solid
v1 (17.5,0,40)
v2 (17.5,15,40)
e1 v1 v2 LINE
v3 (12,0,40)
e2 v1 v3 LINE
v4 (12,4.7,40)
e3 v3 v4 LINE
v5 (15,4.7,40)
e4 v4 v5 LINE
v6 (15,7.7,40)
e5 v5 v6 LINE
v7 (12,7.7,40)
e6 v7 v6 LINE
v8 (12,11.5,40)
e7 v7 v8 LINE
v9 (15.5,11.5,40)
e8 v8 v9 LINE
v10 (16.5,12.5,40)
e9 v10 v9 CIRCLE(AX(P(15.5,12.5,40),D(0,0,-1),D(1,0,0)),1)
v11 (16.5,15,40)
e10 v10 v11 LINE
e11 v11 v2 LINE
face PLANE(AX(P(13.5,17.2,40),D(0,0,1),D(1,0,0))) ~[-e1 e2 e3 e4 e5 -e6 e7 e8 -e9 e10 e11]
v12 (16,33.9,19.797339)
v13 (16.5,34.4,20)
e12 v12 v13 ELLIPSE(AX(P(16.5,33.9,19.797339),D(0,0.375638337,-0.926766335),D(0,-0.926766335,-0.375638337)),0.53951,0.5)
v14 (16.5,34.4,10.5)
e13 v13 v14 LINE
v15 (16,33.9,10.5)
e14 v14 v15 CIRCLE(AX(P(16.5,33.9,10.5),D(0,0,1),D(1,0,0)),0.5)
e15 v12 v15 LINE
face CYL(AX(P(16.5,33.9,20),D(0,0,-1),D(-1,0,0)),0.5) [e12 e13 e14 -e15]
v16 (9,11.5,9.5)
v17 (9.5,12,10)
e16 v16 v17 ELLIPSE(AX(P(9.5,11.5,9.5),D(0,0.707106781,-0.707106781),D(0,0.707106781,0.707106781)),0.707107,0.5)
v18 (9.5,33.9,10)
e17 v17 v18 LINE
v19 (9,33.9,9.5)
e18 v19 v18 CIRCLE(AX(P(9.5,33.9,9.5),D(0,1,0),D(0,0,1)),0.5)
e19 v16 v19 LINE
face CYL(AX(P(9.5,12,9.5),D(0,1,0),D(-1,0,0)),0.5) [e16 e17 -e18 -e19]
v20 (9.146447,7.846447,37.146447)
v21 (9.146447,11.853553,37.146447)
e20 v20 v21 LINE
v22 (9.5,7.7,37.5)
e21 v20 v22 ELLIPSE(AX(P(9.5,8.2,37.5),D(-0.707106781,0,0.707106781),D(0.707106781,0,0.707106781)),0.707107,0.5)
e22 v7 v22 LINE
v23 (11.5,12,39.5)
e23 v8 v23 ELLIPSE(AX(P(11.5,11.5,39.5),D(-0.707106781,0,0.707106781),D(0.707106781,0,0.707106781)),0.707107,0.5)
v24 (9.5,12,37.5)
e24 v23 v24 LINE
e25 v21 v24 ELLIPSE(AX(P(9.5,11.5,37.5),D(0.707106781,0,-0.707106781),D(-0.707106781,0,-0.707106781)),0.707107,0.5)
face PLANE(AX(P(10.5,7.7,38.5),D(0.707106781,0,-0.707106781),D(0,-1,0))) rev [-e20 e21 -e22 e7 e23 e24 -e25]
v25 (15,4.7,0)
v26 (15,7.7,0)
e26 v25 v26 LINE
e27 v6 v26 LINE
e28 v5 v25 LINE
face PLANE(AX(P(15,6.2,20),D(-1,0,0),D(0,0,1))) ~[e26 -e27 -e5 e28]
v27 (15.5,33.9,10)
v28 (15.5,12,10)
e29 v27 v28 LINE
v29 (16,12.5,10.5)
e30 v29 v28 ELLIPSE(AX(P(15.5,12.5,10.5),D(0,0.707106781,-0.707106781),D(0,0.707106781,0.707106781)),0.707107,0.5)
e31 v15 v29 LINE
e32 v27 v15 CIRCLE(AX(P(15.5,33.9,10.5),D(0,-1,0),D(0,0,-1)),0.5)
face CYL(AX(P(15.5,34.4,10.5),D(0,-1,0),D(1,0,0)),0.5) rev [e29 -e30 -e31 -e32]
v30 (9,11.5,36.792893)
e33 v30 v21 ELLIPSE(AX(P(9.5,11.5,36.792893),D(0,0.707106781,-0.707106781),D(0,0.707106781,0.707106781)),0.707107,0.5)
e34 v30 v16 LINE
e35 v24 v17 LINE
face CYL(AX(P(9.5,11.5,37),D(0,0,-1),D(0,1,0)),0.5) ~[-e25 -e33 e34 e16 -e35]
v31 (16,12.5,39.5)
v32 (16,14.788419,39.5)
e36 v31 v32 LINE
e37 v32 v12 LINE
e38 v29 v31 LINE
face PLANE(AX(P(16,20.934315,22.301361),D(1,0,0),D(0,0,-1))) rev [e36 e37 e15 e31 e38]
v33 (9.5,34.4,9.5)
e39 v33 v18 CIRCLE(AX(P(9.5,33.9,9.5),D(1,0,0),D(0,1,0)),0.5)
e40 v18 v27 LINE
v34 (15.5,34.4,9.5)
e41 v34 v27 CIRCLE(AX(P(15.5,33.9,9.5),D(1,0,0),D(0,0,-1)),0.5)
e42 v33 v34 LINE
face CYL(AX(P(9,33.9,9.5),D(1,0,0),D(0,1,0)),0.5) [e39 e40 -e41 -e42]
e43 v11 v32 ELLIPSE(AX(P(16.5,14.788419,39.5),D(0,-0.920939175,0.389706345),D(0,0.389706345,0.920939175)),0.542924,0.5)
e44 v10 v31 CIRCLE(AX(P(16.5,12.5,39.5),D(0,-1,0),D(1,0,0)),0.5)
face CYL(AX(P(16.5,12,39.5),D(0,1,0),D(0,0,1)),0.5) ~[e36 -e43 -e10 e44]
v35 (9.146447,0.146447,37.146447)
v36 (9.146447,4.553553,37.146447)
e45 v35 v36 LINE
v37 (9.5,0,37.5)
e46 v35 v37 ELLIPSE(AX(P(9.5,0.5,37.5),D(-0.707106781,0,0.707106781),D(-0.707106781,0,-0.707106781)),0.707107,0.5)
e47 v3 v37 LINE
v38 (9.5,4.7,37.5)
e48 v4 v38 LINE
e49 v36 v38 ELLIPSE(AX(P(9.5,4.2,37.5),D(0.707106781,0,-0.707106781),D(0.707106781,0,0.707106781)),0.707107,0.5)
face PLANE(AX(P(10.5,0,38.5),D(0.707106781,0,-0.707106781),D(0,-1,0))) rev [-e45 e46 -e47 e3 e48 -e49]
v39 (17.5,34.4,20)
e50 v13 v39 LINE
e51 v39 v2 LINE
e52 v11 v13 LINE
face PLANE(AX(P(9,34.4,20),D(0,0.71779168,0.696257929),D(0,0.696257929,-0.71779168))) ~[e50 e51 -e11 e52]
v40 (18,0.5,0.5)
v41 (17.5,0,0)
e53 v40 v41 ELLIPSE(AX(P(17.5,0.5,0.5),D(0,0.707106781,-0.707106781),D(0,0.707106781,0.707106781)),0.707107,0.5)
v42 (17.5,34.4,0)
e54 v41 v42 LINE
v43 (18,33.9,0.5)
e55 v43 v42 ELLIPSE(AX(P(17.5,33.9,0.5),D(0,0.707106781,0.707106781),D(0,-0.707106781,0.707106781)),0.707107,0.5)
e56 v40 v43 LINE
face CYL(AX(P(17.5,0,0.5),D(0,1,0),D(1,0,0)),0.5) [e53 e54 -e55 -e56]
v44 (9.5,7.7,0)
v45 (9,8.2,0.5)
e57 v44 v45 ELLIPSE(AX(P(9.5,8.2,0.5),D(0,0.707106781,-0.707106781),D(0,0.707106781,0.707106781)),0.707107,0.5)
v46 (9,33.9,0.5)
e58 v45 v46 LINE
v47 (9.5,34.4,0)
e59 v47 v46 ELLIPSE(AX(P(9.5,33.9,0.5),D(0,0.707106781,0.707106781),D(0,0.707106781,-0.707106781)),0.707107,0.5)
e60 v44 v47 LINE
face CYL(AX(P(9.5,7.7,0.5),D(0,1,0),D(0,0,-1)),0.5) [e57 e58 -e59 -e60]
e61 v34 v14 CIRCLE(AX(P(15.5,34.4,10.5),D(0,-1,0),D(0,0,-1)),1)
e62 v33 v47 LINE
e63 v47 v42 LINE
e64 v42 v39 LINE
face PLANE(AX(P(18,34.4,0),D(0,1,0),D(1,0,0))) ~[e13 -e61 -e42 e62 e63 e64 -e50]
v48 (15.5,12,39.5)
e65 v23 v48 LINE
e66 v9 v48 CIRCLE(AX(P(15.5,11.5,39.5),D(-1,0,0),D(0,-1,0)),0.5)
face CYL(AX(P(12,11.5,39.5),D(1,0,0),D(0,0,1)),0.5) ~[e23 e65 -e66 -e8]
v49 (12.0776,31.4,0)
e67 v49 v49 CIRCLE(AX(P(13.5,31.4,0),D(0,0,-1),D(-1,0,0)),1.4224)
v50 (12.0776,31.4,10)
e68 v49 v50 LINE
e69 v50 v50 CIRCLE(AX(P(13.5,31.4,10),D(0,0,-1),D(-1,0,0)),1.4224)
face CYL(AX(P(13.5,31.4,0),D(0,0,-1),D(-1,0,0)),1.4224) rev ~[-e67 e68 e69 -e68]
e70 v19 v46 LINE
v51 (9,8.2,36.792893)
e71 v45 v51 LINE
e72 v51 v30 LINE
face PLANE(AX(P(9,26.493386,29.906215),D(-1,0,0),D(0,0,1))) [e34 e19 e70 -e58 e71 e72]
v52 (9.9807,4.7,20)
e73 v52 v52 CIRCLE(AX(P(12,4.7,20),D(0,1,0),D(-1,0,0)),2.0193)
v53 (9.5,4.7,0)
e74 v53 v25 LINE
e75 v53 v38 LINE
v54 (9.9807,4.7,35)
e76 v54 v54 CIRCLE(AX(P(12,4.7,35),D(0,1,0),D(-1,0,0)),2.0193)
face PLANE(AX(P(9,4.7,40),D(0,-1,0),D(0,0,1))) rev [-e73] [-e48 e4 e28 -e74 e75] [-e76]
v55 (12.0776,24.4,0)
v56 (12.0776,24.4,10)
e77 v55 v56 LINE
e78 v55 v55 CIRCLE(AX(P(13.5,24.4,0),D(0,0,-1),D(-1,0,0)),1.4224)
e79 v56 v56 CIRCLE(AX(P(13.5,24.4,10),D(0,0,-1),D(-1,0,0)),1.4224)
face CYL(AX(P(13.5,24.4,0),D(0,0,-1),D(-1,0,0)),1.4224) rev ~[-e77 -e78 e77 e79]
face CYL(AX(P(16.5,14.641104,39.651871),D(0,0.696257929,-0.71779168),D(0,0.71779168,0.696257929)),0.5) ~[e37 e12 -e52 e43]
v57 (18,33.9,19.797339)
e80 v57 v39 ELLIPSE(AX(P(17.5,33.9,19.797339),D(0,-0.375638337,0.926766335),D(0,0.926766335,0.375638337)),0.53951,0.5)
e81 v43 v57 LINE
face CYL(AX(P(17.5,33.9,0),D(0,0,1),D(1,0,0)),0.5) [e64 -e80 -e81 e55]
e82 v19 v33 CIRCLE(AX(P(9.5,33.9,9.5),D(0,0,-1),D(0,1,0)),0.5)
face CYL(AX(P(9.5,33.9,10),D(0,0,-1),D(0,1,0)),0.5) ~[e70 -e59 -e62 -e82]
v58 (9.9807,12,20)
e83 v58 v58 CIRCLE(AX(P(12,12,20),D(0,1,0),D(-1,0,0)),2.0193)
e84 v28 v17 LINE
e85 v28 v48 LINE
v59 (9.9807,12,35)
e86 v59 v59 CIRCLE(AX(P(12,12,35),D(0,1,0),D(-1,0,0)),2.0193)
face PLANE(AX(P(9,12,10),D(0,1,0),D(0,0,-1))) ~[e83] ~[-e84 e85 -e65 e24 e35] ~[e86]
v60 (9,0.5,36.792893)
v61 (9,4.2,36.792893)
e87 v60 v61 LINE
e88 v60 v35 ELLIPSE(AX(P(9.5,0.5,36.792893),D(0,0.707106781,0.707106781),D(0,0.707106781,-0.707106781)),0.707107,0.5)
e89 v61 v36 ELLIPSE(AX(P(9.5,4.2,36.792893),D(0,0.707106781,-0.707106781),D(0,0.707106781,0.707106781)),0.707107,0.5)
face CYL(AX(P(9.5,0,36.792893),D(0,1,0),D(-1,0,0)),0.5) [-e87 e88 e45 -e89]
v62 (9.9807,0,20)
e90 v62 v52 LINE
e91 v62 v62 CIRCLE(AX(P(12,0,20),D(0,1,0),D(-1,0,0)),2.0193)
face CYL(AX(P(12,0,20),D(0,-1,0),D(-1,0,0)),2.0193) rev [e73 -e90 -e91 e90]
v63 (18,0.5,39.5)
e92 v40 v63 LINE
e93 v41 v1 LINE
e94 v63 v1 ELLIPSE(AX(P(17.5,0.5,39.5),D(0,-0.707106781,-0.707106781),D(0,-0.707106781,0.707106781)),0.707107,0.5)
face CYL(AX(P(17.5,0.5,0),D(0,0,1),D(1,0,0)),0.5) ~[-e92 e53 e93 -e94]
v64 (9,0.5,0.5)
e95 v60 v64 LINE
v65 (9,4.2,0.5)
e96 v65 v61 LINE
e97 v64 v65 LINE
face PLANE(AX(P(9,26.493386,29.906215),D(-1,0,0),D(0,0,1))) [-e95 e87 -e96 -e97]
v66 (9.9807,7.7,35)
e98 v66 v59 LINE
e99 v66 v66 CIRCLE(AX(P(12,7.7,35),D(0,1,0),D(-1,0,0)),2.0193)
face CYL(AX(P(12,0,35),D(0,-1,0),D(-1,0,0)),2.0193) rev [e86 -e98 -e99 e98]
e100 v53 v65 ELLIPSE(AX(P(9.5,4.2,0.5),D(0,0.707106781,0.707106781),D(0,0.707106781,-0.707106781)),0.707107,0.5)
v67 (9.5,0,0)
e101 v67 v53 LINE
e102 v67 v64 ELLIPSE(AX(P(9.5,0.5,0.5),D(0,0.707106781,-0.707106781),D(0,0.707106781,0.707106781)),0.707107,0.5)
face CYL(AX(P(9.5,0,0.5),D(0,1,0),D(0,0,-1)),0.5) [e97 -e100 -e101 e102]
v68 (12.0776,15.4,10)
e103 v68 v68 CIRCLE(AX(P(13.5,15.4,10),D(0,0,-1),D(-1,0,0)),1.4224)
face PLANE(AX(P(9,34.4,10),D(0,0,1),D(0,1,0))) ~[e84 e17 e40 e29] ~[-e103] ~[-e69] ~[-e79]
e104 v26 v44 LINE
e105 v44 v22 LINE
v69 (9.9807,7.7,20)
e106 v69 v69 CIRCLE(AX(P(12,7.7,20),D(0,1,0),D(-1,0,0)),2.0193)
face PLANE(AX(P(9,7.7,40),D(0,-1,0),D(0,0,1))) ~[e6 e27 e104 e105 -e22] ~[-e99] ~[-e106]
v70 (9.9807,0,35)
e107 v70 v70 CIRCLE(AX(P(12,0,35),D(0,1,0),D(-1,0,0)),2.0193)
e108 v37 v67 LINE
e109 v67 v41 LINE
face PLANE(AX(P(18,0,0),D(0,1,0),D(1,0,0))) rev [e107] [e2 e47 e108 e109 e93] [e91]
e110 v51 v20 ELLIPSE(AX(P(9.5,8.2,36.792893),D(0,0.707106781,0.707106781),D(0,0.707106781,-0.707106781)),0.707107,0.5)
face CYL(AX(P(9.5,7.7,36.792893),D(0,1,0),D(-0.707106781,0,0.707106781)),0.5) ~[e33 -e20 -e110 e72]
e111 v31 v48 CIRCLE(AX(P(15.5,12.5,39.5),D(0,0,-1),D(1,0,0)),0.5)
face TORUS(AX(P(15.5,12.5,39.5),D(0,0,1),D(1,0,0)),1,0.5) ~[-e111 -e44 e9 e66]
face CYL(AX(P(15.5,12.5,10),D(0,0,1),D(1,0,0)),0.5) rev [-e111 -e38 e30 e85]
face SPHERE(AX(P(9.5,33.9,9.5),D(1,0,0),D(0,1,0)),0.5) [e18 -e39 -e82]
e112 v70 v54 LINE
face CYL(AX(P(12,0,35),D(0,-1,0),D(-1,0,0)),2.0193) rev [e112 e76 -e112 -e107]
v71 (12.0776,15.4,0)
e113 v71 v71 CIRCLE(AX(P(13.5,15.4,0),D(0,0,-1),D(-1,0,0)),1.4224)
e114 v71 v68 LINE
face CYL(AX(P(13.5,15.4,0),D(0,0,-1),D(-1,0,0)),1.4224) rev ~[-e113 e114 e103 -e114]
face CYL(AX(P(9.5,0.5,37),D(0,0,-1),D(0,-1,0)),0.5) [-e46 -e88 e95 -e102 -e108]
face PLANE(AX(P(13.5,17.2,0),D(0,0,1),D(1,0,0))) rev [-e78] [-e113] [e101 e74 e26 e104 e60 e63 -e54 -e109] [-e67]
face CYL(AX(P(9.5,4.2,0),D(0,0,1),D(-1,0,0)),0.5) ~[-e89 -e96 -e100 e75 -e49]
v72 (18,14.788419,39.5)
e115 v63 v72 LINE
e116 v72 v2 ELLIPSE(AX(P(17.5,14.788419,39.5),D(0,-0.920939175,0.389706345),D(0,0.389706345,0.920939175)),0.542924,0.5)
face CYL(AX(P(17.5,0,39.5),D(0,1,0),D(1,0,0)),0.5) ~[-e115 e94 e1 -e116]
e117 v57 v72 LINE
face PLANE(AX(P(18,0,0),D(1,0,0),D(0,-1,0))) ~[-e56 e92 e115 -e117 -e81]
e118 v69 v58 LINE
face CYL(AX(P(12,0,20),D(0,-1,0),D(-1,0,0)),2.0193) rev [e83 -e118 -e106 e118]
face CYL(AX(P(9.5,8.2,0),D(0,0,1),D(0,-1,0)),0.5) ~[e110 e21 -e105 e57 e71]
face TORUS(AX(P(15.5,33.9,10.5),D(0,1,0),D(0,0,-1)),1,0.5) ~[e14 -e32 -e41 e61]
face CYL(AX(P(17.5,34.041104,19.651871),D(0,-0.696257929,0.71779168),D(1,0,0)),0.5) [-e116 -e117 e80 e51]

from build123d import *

# Parameters (mm, degrees)
SKETCH1_W           = 9
SKETCH1_H           = 34.4
SKETCH1_R           = 1.4224
BOSS_EXTRUDE1_DEPTH = 40
SKETCH1_3_R         = 1.4224
CUT_EXTRUDE1_DEPTH  = 10
SKETCH2_W           = 40
SKETCH2_H           = 3
CUT_EXTRUDE2_DEPTH  = 6
CUT_EXTRUDE3_DEPTH  = 9
CUT_EXTRUDE6_DEPTH  = 7
SKETCH6_R           = 2.0193
CUT_EXTRUDE5_DEPTH  = 20
FILLET2_R           = 0.5
CHAMFER4_SIZE       = 3
SKETCH7_W           = 74.310151154
SKETCH7_H           = 95.165931092
CUT_EXTRUDE7_DEPTH  = 9
FILLET3_R           = 0.5


with BuildPart() as part:
    # Sketch1 → Boss-Extrude1 (new body)
    with BuildSketch(Plane.XY):
        with Locations((4.5, 17.2)):
            Rectangle(SKETCH1_W, SKETCH1_H)
        with Locations((4.5, 15.4)):
            Circle(SKETCH1_R, mode=Mode.SUBTRACT)
        with Locations((4.5, 24.4)):
            Circle(SKETCH1_R, mode=Mode.SUBTRACT)
        with Locations((4.5, 24.4)):
            Circle(SKETCH1_R)
        with Locations((4.5, 15.4)):
            Circle(SKETCH1_R)
        with Locations((4.5, 31.4)):
            Circle(SKETCH1_R)
    extrude(amount=BOSS_EXTRUDE1_DEPTH)

    # Sketch1<3> → Cut-Extrude1 (cut)
    with BuildSketch(Plane.XY):
        with Locations((4.5, 24.4)):
            Circle(SKETCH1_3_R)
        with Locations((4.5, 31.4)):
            Circle(SKETCH1_3_R)
        with Locations((4.5, 15.4)):
            Circle(SKETCH1_3_R)
    extrude(amount=CUT_EXTRUDE1_DEPTH, mode=Mode.SUBTRACT)

    # Sketch2 → Cut-Extrude2 (cut)
    with BuildSketch(Plane(origin=(9, 0, 0), x_dir=(0, 0, -1), z_dir=(1, 0, 0))):
        with Locations((-20, 6.2)):
            Rectangle(SKETCH2_W, SKETCH2_H)
    extrude(amount=-CUT_EXTRUDE2_DEPTH, mode=Mode.SUBTRACT)

    # Sketch3 → Cut-Extrude3 (cut)
    with BuildSketch(Plane(origin=(9, 0, 0), x_dir=(0, 0, -1), z_dir=(1, 0, 0))):
        Polygon((-20, 34.4), (-40, 15), (-48.379363257, 51.913157268), align=None)
    extrude(amount=-CUT_EXTRUDE3_DEPTH, mode=Mode.SUBTRACT)

    # Sketch5 → Cut-Extrude6 (cut)
    with BuildSketch(Plane.ZY.offset(-9)):
        Polygon((20, 34.4), (10, 34.4), (10, 12), (40, 12), (40, 15), align=None)
    extrude(amount=CUT_EXTRUDE6_DEPTH, mode=Mode.SUBTRACT)

    # Sketch6 → Cut-Extrude5 (cut)
    with BuildSketch(Plane.XZ):
        with Locations((6, 35)):
            Circle(SKETCH6_R)
        with Locations((6, 20)):
            Circle(SKETCH6_R)
    extrude(amount=-CUT_EXTRUDE5_DEPTH, mode=Mode.SUBTRACT)

    # Fillet2
    fillet2_edges = [part.edges().sort_by_distance(p)[0] for p in [
        (0, 0, 20),
        (0, 7.5, 40),
        (0, 34.4, 10),
        (0, 24.7, 30),
        (0, 17.2, 0),
    ]]
    fillet(fillet2_edges, radius=FILLET2_R)

    # Chamfer4
    chamfer4_edges = [part.edges().sort_by_distance(p)[0] for p in [
        (9, 2.35, 40),
        (9, 9.85, 40),
    ]]
    chamfer(chamfer4_edges, length=CHAMFER4_SIZE)

    # Mirror1: part across plane


with BuildPart() as part_1:
    add(part.part)
    add(part.part.mirror(Plane(origin=(9, 0, 40), x_dir=(0, 0, 1), z_dir=(-1, 0, 0))))

    # Sketch7 → Cut-Extrude7 (cut)
    with BuildSketch(Plane.ZY):
        with Locations((29.906214843, 26.493385896)):
            Rectangle(SKETCH7_W, SKETCH7_H)
    extrude(amount=-CUT_EXTRUDE7_DEPTH, mode=Mode.SUBTRACT)

    # Fillet3
    fillet3_edges = [part_1.edges().sort_by_distance(p)[0] for p in [
        (16, 34.4, 15),
        (16, 13.5, 40),
        (14, 12, 40),
        (16, 24.7, 30),
        (16, 12, 25),
        (16, 23.2, 10),
        (9, 2.35, 37),
        (9, 9.85, 37),
        (12.5, 34.4, 10),
        (9, 2.35, 0),
        (9, 0, 18.5),
        (9, 4.7, 18.5),
        (9, 21.05, 0),
        (9, 7.7, 18.5),
        (9, 34.4, 5),
        (9, 23.2, 10),
        (9, 12, 23.5),
    ]]
    fillet(fillet3_edges, radius=FILLET3_R)


solid = part_1.part
